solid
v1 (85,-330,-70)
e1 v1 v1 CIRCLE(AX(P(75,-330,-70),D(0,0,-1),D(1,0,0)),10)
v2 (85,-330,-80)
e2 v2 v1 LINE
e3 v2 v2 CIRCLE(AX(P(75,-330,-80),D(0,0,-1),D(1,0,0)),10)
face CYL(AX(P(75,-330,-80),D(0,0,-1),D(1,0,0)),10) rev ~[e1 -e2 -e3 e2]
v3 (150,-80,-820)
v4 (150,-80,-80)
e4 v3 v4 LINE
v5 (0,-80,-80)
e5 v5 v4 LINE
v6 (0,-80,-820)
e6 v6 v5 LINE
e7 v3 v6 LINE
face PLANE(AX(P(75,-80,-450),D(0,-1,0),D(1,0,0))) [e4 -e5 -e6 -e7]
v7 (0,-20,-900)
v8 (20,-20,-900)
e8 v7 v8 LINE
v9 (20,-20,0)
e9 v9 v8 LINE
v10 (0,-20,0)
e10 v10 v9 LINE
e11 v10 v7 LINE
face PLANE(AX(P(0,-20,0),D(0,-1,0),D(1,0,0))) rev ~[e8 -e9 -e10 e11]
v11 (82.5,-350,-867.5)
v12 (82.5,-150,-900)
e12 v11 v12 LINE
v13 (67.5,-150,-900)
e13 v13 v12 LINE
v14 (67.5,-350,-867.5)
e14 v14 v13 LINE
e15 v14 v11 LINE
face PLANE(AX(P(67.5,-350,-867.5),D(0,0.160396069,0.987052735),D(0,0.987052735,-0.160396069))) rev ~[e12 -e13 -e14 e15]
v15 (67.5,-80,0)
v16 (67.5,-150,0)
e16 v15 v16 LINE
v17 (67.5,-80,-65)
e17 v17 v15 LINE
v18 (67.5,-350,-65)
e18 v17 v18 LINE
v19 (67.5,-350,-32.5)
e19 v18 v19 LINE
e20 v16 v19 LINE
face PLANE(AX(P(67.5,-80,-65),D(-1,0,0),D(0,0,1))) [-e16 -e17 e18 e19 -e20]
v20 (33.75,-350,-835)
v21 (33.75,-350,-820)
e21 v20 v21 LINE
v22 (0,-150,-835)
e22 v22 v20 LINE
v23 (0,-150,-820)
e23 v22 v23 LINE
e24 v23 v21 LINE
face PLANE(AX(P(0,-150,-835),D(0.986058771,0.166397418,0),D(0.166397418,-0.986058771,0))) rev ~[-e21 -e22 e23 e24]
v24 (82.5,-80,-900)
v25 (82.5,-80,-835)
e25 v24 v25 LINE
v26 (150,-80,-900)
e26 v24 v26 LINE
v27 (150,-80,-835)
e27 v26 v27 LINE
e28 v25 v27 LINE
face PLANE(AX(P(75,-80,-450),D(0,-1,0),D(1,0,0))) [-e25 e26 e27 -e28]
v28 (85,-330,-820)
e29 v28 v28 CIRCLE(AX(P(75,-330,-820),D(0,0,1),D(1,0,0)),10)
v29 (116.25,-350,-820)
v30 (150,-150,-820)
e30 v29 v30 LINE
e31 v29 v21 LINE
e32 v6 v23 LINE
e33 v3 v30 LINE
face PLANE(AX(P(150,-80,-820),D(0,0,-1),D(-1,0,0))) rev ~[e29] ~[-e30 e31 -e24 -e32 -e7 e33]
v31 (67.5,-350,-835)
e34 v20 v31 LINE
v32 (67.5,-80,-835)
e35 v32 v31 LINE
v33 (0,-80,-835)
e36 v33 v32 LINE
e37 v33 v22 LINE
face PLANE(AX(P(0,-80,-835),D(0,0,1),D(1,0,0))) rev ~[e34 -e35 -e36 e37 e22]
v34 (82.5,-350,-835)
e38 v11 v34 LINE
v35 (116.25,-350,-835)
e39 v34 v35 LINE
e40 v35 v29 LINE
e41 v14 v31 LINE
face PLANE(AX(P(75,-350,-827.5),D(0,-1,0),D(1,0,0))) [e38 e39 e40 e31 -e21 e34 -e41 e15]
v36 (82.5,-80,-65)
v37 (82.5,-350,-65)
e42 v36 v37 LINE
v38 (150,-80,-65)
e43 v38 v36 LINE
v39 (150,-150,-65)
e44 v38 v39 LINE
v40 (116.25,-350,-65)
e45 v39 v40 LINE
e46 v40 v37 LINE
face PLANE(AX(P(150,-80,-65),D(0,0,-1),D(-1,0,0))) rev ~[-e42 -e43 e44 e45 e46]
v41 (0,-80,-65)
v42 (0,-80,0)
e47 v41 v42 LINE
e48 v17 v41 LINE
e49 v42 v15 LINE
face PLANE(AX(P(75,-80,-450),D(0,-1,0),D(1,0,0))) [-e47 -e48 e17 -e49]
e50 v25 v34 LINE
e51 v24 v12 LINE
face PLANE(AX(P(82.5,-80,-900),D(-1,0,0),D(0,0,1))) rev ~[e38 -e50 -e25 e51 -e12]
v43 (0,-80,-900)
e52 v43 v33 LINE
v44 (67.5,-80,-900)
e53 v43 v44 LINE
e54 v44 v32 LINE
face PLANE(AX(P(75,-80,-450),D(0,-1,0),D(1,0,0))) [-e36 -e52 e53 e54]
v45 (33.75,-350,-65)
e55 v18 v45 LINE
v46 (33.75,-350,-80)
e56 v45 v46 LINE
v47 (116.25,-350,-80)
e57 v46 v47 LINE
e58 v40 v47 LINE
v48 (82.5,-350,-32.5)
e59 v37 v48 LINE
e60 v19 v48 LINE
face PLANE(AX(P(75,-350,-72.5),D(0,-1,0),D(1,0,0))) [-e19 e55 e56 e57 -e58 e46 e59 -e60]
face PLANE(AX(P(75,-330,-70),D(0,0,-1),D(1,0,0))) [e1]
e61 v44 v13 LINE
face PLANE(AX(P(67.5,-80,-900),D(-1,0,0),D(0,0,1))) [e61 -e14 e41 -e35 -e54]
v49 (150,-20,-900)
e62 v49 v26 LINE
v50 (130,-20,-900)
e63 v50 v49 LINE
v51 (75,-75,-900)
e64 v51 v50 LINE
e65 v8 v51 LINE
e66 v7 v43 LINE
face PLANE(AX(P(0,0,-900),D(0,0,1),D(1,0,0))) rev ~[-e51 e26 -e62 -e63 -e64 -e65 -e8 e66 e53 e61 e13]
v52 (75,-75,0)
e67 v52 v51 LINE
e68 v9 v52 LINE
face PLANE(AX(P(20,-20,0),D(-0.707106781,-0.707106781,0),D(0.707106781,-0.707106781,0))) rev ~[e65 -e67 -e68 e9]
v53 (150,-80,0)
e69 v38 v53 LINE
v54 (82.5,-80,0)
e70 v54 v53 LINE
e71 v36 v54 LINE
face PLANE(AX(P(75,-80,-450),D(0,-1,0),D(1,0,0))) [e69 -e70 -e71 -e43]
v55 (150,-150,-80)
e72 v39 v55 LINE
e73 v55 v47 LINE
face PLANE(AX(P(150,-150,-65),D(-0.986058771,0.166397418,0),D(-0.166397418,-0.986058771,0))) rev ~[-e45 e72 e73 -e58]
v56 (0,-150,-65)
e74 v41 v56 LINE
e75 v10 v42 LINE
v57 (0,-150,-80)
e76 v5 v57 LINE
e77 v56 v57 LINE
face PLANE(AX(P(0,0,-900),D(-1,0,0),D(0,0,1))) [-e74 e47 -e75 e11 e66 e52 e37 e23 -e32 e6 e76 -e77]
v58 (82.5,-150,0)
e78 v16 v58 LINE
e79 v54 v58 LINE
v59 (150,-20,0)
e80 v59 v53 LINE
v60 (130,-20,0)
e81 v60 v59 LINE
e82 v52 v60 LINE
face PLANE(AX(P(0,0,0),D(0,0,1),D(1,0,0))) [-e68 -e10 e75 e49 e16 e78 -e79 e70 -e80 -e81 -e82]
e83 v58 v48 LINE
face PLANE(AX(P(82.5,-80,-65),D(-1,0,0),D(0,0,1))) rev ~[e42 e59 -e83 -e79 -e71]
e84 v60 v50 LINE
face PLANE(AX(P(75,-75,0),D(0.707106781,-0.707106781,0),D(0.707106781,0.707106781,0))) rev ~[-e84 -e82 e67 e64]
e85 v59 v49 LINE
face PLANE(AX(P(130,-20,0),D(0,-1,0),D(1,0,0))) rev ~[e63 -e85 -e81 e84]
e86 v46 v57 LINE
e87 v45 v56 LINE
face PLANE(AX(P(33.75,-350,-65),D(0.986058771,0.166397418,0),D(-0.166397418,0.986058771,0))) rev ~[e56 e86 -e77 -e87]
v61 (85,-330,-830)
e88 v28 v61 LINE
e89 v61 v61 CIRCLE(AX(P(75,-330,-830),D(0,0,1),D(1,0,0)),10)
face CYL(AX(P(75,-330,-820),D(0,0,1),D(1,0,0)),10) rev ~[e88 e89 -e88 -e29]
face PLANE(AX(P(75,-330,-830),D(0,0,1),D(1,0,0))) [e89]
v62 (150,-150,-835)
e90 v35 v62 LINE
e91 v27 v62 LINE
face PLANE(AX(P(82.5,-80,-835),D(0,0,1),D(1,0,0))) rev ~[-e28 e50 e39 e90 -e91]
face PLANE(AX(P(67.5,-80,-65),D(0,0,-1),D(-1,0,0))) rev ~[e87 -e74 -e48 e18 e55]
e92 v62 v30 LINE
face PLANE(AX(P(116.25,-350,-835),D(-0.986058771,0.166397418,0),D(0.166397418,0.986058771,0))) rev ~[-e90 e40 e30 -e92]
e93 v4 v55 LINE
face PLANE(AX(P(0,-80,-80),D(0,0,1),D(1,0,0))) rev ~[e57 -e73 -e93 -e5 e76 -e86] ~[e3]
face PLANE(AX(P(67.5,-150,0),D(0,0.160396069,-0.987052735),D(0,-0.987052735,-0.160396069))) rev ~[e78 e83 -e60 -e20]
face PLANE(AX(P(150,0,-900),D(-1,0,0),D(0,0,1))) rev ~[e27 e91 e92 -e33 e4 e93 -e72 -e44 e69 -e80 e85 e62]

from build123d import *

# Parameters (mm, degrees)
F0_W      = 150
F0_H      = 900
F1_DEPTH  = 80
F2_W      = 15
F2_H      = 65
F3_DEPTH  = 270
F5_DEPTH  = 25
F7_DEPTH  = 25
F9_DEPTH  = 25
F11_DEPTH = 25
F13_DEPTH = 25
F15_DEPTH = 25
F16_R     = 10
F17_DEPTH = 10
F18_R     = 10
F19_DEPTH = 10
F21_DEPTH = 900.001


with BuildPart() as f1:
    # F0 (on Front) → F1 (new body)
    with BuildSketch(Plane.XZ):
        with Locations((75, -450)):
            Rectangle(F0_W, F0_H)
    extrude(amount=F1_DEPTH)

    # F2 (on face) → F3 (join)
    with BuildSketch(Plane.XZ.offset(80)):
        Polygon((67.5, -65), (0, -65), (0, -80), (150, -80), (150, -65), (82.5, -65), align=None)
        with Locations((75, -32.5)):
            Rectangle(F2_W, F2_H)
        Polygon((150, -820), (0, -820), (0, -835), (67.5, -835), (82.5, -835), (150, -835), align=None)
        with Locations((75, -867.5)):
            Rectangle(F2_W, F2_H)
    extrude(amount=F3_DEPTH)

    # F4 (on face) → F5 (cut)
    with BuildSketch(Plane(origin=(67.5, 0, 0), x_dir=(0, -1, 0), z_dir=(-1, 0, 0))):
        Polygon((350, 0), (150, 0), (350, -32.5), align=None)
    extrude(amount=-F5_DEPTH, mode=Mode.SUBTRACT)

    # F6 (on face) → F7 (cut)
    with BuildSketch(Plane.XY.offset(-65)):
        Polygon((150, -150), (116.25, -350), (150, -350), align=None)
    extrude(amount=-F7_DEPTH, mode=Mode.SUBTRACT)

    # F8 (on face) → F9 (cut)
    with BuildSketch(Plane.XY.offset(-65)):
        Polygon((0, -350), (33.75, -350), (0, -150), align=None)
    extrude(amount=-F9_DEPTH, mode=Mode.SUBTRACT)

    # F10 (on face) → F11 (cut)
    with BuildSketch(Plane(origin=(0, 0, -835), x_dir=(1, 0, 0), z_dir=(0, 0, -1))):
        Polygon((150, 350), (116.25, 350), (150, 150), align=None)
    extrude(amount=-F11_DEPTH, mode=Mode.SUBTRACT)

    # F12 (on face) → F13 (cut)
    with BuildSketch(Plane(origin=(0, 0, -835), x_dir=(1, 0, 0), z_dir=(0, 0, -1))):
        Polygon((0, 150), (33.75, 350), (0, 350), align=None)
    extrude(amount=-F13_DEPTH, mode=Mode.SUBTRACT)

    # F14 (on face) → F15 (cut)
    with BuildSketch(Plane(origin=(67.5, 0, 0), x_dir=(0, -1, 0), z_dir=(-1, 0, 0))):
        Polygon((350, -900), (350, -867.5), (150, -900), align=None)
    extrude(amount=-F15_DEPTH, mode=Mode.SUBTRACT)

    # F16 (on face) → F17 (cut)
    with BuildSketch(Plane(origin=(0, 0, -80), x_dir=(1, 0, 0), z_dir=(0, 0, -1))):
        with Locations((75, 330)):
            Circle(F16_R)
    extrude(amount=-F17_DEPTH, mode=Mode.SUBTRACT)

    # F18 (on face) → F19 (cut)
    with BuildSketch(Plane.XY.offset(-820)):
        with Locations((75, -330)):
            Circle(F18_R)
    extrude(amount=-F19_DEPTH, mode=Mode.SUBTRACT)

    # F20 (on face) → F21 (cut, through all)
    with BuildSketch(Plane.XY):
        Polygon((130, -20), (20, -20), (75, -75), align=None)
        Polygon((150, 0), (0, 0), (20, -20), (130, -20), align=None)
        Polygon((20, -20), (0, 0), (0, -20), align=None)
        Polygon((150, -20), (150, 0), (130, -20), align=None)
    extrude(amount=-F21_DEPTH, mode=Mode.SUBTRACT)


solid = f1.part
